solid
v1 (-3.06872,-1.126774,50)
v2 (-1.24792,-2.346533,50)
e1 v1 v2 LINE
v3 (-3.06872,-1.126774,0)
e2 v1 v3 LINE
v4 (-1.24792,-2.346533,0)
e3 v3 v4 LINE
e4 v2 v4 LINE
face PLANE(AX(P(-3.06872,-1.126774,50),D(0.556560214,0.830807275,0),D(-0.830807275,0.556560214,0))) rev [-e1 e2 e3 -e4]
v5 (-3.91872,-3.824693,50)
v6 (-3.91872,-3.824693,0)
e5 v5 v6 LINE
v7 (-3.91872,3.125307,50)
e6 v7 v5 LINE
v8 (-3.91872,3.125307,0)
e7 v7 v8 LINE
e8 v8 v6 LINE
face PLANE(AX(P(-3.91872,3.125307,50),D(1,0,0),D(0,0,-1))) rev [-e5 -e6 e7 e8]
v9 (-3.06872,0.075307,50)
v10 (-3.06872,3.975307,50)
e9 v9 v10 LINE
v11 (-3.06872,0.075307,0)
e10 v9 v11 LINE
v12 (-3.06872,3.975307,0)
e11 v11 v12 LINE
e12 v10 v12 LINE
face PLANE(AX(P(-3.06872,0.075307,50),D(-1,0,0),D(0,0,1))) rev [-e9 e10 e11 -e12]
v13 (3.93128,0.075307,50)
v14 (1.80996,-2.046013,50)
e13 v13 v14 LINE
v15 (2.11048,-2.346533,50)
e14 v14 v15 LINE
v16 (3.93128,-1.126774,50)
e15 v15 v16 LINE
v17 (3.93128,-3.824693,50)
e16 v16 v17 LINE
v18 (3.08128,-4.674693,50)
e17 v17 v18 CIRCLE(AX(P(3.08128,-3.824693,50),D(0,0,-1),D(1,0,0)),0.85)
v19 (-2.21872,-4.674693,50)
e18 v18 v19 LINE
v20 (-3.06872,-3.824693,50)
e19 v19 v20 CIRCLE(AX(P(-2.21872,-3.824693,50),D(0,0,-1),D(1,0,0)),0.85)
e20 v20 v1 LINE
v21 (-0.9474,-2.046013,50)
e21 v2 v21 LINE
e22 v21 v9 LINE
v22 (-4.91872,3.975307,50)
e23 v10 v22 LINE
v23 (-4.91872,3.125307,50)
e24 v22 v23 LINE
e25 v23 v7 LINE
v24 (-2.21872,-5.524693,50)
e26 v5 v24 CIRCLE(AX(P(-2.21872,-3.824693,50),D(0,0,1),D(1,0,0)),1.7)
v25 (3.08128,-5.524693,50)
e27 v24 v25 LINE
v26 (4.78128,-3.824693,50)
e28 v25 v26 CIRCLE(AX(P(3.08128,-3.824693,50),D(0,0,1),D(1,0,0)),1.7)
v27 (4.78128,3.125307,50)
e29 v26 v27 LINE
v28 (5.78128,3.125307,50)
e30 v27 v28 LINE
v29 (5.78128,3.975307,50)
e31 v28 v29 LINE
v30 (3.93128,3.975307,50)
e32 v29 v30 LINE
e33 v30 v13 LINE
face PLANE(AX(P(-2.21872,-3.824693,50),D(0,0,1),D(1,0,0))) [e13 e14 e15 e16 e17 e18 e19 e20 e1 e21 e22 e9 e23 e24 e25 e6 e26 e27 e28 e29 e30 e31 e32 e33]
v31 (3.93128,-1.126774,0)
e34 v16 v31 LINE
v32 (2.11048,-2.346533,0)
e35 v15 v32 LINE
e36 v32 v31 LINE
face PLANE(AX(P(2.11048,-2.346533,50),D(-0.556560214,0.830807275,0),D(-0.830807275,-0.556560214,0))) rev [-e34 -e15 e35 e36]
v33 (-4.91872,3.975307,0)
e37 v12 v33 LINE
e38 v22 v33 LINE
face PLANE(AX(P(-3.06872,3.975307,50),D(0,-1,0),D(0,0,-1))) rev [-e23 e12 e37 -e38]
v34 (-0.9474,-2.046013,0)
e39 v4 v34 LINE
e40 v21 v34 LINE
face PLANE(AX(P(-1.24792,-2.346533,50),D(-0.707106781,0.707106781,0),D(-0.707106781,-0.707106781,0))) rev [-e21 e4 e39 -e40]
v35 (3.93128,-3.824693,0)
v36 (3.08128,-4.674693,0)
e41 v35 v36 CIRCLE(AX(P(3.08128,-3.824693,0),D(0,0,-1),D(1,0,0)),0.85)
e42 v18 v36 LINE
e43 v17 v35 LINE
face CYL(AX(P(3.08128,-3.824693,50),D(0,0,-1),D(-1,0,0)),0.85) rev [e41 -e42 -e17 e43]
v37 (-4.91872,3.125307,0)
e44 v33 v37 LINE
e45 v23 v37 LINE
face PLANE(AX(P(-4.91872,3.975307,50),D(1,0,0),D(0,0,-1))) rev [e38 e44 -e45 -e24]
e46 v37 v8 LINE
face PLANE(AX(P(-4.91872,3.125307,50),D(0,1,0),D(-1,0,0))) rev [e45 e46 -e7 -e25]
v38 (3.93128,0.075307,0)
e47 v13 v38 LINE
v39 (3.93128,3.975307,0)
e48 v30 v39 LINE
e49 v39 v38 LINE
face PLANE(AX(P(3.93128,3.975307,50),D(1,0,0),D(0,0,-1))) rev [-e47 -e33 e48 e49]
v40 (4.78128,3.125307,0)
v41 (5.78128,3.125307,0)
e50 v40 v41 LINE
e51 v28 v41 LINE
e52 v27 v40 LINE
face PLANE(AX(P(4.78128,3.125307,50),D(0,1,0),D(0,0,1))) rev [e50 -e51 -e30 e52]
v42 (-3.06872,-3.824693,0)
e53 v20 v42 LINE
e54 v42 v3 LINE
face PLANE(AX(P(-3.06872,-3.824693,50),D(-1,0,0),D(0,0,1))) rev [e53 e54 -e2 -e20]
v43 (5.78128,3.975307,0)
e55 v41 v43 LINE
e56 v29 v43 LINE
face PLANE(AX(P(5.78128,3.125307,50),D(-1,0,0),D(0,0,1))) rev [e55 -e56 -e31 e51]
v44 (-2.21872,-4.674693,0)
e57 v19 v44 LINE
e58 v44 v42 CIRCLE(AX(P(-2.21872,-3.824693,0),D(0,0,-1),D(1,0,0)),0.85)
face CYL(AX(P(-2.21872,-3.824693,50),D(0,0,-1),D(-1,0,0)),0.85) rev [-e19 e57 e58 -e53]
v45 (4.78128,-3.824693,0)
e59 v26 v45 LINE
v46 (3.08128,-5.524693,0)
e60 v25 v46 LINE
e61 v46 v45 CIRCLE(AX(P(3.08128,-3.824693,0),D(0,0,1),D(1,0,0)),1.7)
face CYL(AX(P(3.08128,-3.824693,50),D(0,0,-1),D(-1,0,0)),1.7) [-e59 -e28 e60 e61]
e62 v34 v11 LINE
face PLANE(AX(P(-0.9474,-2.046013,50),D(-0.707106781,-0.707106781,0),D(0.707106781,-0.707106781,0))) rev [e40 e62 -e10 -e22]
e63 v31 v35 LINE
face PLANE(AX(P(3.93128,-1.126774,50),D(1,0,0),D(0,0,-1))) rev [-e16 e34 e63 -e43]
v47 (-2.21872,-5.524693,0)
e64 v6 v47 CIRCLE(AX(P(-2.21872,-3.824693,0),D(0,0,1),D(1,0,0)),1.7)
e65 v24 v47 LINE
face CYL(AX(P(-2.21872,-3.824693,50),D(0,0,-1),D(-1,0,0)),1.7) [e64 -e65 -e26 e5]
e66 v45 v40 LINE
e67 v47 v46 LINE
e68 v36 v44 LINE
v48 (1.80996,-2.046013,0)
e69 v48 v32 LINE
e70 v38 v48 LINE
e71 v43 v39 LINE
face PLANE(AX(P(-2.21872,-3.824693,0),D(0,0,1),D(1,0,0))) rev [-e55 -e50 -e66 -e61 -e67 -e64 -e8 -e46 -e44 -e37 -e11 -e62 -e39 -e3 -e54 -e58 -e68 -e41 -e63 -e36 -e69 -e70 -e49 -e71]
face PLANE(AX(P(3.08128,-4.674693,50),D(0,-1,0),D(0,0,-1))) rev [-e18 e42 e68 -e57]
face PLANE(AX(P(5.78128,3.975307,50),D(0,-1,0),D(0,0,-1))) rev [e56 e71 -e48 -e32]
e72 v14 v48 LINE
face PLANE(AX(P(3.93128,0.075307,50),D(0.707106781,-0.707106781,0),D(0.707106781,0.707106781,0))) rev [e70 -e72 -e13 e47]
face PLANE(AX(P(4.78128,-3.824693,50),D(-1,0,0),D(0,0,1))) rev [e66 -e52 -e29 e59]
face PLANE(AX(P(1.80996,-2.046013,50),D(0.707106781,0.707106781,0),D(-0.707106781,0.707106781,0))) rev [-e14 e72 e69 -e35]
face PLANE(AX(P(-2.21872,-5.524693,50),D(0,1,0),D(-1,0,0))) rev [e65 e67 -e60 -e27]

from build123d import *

# Parameters (mm, degrees)
EXTRUDE_1_DEPTH = 50


with BuildPart() as part:
    # 草图1 → 凸台-拉伸1 (new body)
    with BuildSketch(Plane.XY):
        with BuildLine():
            Line((-3.068719851, 0.075307347), (-3.068719851, 3.975307347))
            Line((-3.068719851, 3.975307347), (-4.918719851, 3.975307347))
            Line((-4.918719851, 3.975307347), (-4.918719851, 3.125307347))
            Line((-4.918719851, 3.125307347), (-3.918719851, 3.125307347))
            Line((-3.918719851, 3.125307347), (-3.918719851, -3.824692653))
            ThreePointArc((-3.918719851, -3.824692653), (-3.420801379, -5.026774181), (-2.218719851, -5.524692653))
            Line((-2.218719851, -5.524692653), (3.081280149, -5.524692653))
            ThreePointArc((3.081280149, -5.524692653), (4.283361677, -5.026774181), (4.781280149, -3.824692653))
            Line((4.781280149, -3.824692653), (4.781280149, 3.125307347))
            Line((4.781280149, 3.125307347), (5.781280149, 3.125307347))
            Line((5.781280149, 3.125307347), (5.781280149, 3.975307347))
            Line((5.781280149, 3.975307347), (3.931280149, 3.975307347))
            Line((3.931280149, 3.975307347), (3.931280149, 0.075307347))
            Line((3.931280149, 0.075307347), (1.809959806, -2.046012996))
            Line((1.809959806, -2.046012996), (2.110480188, -2.346533378))
            Line((2.110480188, -2.346533378), (3.931280149, -1.126774181))
            Line((3.931280149, -1.126774181), (3.931280149, -3.824692653))
            ThreePointArc((3.931280149, -3.824692653), (3.682320913, -4.425733417), (3.081280149, -4.674692653))
            Line((3.081280149, -4.674692653), (-2.218719851, -4.674692653))
            ThreePointArc((-2.218719851, -4.674692653), (-2.819760615, -4.425733417), (-3.068719851, -3.824692653))
            Line((-3.068719851, -3.824692653), (-3.068719851, -1.126774181))
            Line((-3.068719851, -1.126774181), (-1.247919889, -2.346533378))
            Line((-1.247919889, -2.346533378), (-0.947399507, -2.046012996))
            Line((-0.947399507, -2.046012996), (-3.068719851, 0.075307347))
        make_face()
    extrude(amount=EXTRUDE_1_DEPTH)


solid = part.part
